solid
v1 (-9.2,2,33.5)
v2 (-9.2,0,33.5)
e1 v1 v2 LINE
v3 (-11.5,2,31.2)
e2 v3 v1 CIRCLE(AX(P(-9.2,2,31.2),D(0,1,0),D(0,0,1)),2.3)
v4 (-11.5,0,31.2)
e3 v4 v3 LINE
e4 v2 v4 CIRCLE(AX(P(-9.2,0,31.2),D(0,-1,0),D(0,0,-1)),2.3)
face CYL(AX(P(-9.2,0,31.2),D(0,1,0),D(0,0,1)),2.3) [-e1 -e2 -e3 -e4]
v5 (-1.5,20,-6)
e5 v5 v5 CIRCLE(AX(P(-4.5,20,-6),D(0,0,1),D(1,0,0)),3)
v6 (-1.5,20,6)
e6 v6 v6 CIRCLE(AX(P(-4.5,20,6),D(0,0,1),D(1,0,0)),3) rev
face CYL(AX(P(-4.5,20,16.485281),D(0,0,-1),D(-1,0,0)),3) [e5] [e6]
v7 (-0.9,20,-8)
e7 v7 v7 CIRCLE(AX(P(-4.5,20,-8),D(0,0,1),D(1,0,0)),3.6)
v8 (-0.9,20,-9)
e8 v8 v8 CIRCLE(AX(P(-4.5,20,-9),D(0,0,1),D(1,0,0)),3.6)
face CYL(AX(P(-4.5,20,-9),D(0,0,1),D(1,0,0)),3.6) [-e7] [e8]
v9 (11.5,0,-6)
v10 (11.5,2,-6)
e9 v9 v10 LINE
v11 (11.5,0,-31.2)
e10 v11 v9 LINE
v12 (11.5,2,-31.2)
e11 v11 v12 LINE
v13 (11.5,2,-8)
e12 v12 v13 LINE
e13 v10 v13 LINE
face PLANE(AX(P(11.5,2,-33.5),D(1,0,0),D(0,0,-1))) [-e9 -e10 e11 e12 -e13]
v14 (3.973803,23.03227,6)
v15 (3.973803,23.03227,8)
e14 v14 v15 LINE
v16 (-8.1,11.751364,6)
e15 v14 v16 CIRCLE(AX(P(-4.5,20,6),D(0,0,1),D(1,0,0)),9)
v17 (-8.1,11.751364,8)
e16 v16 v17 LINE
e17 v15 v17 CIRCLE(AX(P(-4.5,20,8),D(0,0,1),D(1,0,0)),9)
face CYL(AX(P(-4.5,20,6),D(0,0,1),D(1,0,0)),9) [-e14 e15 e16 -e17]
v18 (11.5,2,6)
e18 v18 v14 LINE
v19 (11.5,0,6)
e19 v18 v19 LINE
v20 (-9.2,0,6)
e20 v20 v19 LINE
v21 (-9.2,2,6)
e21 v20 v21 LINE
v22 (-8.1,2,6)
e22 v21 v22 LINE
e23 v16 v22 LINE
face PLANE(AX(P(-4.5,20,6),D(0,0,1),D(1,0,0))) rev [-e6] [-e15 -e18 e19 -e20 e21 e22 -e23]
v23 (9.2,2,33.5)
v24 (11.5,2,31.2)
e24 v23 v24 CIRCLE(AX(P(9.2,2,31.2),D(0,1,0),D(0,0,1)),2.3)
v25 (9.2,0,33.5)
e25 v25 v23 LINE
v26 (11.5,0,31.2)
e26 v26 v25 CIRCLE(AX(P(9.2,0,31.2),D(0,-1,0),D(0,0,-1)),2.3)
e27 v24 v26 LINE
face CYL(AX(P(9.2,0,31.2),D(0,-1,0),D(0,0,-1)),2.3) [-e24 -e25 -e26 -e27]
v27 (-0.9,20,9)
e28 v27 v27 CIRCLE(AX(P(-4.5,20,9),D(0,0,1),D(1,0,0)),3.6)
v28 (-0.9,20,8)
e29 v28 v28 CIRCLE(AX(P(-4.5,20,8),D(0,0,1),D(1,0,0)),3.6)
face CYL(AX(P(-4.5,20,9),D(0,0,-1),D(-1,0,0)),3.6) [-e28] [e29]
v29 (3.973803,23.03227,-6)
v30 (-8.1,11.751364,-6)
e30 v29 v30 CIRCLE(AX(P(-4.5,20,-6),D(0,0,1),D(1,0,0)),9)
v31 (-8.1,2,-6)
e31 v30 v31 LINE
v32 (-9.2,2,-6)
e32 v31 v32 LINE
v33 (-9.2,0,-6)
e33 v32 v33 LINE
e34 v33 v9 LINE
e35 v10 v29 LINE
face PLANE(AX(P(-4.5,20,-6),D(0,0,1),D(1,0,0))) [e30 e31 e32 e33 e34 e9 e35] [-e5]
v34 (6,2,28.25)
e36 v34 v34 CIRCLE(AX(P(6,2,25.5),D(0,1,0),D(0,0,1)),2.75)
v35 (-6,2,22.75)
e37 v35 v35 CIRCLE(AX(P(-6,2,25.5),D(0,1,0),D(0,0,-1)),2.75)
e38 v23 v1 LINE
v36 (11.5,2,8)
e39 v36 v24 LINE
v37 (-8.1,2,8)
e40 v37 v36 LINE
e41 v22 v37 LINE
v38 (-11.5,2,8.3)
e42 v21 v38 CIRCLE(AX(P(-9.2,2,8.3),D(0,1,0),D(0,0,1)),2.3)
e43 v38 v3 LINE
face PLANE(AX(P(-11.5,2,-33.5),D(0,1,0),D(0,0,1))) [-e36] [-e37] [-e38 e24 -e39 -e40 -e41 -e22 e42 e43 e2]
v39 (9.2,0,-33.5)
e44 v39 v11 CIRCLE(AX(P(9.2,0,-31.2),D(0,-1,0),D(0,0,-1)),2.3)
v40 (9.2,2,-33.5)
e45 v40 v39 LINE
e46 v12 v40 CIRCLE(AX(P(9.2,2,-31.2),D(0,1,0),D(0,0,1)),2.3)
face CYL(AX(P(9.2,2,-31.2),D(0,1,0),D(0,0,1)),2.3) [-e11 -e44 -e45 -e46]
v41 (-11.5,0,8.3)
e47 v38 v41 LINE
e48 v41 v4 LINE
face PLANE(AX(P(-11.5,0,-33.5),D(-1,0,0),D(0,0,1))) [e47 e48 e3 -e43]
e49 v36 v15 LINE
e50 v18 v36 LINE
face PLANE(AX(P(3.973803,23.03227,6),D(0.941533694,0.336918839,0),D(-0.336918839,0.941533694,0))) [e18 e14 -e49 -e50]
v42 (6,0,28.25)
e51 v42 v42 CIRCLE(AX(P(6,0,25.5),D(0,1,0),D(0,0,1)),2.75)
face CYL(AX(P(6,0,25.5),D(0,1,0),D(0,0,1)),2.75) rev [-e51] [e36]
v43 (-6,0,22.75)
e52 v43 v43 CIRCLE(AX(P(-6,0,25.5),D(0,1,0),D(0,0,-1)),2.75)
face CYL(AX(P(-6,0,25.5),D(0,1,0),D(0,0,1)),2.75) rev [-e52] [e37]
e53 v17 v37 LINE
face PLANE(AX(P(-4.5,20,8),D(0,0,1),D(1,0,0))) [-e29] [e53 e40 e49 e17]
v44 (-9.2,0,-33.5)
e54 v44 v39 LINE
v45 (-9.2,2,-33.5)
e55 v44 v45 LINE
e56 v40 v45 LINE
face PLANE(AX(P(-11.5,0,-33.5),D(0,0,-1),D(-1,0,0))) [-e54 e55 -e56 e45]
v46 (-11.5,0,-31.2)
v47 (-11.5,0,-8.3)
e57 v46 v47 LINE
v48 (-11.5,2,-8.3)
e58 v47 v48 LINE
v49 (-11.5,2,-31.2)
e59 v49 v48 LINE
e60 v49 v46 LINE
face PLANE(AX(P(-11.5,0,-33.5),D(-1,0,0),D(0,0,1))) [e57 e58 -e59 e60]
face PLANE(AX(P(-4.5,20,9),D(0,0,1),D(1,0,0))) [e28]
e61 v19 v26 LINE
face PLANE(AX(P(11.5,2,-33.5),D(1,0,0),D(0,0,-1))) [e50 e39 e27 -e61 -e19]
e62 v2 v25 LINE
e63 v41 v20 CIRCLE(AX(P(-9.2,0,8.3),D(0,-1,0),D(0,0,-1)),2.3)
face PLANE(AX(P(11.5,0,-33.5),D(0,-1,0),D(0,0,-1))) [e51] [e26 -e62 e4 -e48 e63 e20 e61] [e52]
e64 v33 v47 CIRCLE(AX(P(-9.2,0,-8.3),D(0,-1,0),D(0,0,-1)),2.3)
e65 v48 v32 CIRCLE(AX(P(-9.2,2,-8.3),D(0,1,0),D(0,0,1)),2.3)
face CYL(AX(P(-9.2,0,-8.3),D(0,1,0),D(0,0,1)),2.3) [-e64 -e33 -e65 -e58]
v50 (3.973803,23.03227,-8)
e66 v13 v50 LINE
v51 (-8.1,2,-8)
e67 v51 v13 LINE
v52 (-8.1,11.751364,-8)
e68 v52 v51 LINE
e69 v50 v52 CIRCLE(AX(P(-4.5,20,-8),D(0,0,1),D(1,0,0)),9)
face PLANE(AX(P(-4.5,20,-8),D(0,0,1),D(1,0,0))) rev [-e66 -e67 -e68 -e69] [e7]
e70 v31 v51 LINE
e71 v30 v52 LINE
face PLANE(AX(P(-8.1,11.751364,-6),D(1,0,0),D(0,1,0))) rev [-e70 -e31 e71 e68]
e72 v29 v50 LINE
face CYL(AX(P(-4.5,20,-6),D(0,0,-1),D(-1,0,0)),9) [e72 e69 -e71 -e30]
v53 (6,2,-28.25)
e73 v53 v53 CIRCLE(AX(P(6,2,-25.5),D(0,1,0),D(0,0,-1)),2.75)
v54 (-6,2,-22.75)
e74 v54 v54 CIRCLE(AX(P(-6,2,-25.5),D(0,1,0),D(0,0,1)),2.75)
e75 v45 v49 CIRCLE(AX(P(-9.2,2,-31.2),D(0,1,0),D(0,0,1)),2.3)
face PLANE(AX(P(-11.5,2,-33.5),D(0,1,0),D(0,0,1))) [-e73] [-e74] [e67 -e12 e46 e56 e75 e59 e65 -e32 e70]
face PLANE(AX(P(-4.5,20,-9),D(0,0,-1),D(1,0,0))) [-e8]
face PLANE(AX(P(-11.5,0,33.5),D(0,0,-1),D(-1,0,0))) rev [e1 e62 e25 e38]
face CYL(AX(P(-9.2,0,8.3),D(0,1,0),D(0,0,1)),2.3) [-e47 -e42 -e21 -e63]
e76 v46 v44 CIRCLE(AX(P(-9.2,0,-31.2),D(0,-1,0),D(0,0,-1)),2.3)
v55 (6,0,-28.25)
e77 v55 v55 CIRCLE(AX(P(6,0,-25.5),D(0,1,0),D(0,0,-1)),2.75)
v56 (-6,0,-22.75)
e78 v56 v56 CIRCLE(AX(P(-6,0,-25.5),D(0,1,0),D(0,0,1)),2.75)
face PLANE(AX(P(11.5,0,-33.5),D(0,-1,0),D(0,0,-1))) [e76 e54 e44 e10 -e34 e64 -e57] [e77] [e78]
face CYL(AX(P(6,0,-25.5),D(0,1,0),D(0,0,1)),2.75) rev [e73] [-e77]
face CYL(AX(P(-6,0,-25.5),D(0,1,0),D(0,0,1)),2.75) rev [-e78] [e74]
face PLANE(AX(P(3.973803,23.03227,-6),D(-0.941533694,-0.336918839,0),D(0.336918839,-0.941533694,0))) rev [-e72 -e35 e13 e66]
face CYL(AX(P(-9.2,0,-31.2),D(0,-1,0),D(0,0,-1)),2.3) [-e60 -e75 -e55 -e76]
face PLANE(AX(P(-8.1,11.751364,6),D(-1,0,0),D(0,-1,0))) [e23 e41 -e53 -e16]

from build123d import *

# Parameters (mm, degrees)
EXTRUDE_START       = 33.5
SKETCH_3_W          = 23
SKETCH_3_H          = 2
EXTRUDE_1_DEPTH     = 67
EXTRUDE_START_2     = 8
SKETCH_4_R          = 3
EXTRUDE_2_DEPTH     = 2
EXTRUDE_START_3     = -6
SKETCH_5_R          = 3
EXTRUDE_3_DEPTH     = 2
SKETCH_6_R          = 3.6
EXTRUDE_4_DEPTH     = 1
EXTRUDE_START_4     = 16
SKETCH_7_R          = 3
EXTRUDE_5_DEPTH     = 16
SKETCH_8_W          = 12
SKETCH_8_H          = 12.516134774
CUT_EXTRUDE_1_DEPTH = 23
SKETCH_9_R          = 2.75
CUT_EXTRUDE_2_DEPTH = 46.094345544
FILLET_3_R          = 2.3


with BuildPart() as part:
    # 草图3 → 凸台-拉伸1 (new body)
    with BuildSketch(Plane.XY.offset(EXTRUDE_START)):
        with Locations((0, 1)):
            Rectangle(SKETCH_3_W, SKETCH_3_H)
    extrude(amount=-EXTRUDE_1_DEPTH)

    # 草图4 → 凸台-拉伸2 (add)
    with BuildSketch(Plane.XY.offset(EXTRUDE_START_2)):
        with BuildLine():
            Line((-8.1, 11.751363749), (-8.1, 0))
            Line((-8.1, 0), (11.5, 0))
            Line((11.5, 0), (11.5, 2))
            Line((11.5, 2), (3.973803242, 23.032269549))
            ThreePointArc((3.973803242, 23.032269549), (-10.644363142, 26.576230043), (-8.1, 11.751363749))
        make_face()
        with Locations((-4.5, 20)):
            Circle(SKETCH_4_R, mode=Mode.SUBTRACT)
    extrude(amount=-EXTRUDE_2_DEPTH)

    # 草图5 → 凸台-拉伸3 (add)
    with BuildSketch(Plane.XY.offset(EXTRUDE_START_3)):
        with BuildLine():
            Line((-8.1, 11.751363749), (-8.1, 0))
            Line((-8.1, 0), (11.5, 0))
            Line((11.5, 0), (11.5, 2))
            Line((11.5, 2), (3.973803242, 23.032269549))
            ThreePointArc((3.973803242, 23.032269549), (-10.644363142, 26.576230043), (-8.1, 11.751363749))
        make_face()
        with Locations((-4.5, 20)):
            Circle(SKETCH_5_R, mode=Mode.SUBTRACT)
    extrude(amount=-EXTRUDE_3_DEPTH)

    # 草图6 → 凸台-拉伸4 (add)
    with BuildSketch(Plane.XY.offset(8)):
        with Locations((-4.5, 20)):
            Circle(SKETCH_6_R)
    extrude_4 = extrude(amount=EXTRUDE_4_DEPTH)

    # 镜向2: 凸台-拉伸4 across plane
    add(extrude_4.mirror(Plane.XY))

    # 草图7 → 凸台-拉伸5 (add)
    with BuildSketch(Plane.XY.offset(-8).offset(EXTRUDE_START_4)):
        with Locations((-4.5, 20)):
            Circle(SKETCH_7_R)
    extrude(amount=-EXTRUDE_5_DEPTH)

    # 草图8 → 切除-拉伸1 (cut)
    with BuildSketch(Plane(origin=(11.5, 0, 0), x_dir=(0, 0, -1), z_dir=(1, 0, 0))):
        with Locations((0, 6.258067387)):
            Rectangle(SKETCH_8_W, SKETCH_8_H)
    extrude(amount=-CUT_EXTRUDE_1_DEPTH, mode=Mode.SUBTRACT)

    # 草图9 → 切除-拉伸2 (cut, through all)
    with BuildSketch(Plane(origin=(0, 2, 0), x_dir=(1, 0, 0), z_dir=(0, 1, 0))):
        with Locations(Location((-6, 25.5, 0), (0, 0, 270))):
            Circle(SKETCH_9_R)
        with Locations(Location((6, 25.5, 0), (0, 0, 90))):
            Circle(SKETCH_9_R)
        with Locations(Location((6, -25.5, 0), (0, 0, 270))):
            Circle(SKETCH_9_R)
        with Locations(Location((-6, -25.5, 0), (0, 0, 90))):
            Circle(SKETCH_9_R)
    extrude(amount=-CUT_EXTRUDE_2_DEPTH, mode=Mode.SUBTRACT)

    # 圆角3
    fillet_3_edges = [part.edges().sort_by_distance(p)[0] for p in [
        (-11.5, 1, -33.5),
        (-11.5, 1, 33.5),
        (11.5, 1, 33.5),
        (11.5, 1, -33.5),
        (-11.5, 1, -6),
        (-11.5, 1, 6),
    ]]
    fillet(fillet_3_edges, radius=FILLET_3_R)


solid = part.part
